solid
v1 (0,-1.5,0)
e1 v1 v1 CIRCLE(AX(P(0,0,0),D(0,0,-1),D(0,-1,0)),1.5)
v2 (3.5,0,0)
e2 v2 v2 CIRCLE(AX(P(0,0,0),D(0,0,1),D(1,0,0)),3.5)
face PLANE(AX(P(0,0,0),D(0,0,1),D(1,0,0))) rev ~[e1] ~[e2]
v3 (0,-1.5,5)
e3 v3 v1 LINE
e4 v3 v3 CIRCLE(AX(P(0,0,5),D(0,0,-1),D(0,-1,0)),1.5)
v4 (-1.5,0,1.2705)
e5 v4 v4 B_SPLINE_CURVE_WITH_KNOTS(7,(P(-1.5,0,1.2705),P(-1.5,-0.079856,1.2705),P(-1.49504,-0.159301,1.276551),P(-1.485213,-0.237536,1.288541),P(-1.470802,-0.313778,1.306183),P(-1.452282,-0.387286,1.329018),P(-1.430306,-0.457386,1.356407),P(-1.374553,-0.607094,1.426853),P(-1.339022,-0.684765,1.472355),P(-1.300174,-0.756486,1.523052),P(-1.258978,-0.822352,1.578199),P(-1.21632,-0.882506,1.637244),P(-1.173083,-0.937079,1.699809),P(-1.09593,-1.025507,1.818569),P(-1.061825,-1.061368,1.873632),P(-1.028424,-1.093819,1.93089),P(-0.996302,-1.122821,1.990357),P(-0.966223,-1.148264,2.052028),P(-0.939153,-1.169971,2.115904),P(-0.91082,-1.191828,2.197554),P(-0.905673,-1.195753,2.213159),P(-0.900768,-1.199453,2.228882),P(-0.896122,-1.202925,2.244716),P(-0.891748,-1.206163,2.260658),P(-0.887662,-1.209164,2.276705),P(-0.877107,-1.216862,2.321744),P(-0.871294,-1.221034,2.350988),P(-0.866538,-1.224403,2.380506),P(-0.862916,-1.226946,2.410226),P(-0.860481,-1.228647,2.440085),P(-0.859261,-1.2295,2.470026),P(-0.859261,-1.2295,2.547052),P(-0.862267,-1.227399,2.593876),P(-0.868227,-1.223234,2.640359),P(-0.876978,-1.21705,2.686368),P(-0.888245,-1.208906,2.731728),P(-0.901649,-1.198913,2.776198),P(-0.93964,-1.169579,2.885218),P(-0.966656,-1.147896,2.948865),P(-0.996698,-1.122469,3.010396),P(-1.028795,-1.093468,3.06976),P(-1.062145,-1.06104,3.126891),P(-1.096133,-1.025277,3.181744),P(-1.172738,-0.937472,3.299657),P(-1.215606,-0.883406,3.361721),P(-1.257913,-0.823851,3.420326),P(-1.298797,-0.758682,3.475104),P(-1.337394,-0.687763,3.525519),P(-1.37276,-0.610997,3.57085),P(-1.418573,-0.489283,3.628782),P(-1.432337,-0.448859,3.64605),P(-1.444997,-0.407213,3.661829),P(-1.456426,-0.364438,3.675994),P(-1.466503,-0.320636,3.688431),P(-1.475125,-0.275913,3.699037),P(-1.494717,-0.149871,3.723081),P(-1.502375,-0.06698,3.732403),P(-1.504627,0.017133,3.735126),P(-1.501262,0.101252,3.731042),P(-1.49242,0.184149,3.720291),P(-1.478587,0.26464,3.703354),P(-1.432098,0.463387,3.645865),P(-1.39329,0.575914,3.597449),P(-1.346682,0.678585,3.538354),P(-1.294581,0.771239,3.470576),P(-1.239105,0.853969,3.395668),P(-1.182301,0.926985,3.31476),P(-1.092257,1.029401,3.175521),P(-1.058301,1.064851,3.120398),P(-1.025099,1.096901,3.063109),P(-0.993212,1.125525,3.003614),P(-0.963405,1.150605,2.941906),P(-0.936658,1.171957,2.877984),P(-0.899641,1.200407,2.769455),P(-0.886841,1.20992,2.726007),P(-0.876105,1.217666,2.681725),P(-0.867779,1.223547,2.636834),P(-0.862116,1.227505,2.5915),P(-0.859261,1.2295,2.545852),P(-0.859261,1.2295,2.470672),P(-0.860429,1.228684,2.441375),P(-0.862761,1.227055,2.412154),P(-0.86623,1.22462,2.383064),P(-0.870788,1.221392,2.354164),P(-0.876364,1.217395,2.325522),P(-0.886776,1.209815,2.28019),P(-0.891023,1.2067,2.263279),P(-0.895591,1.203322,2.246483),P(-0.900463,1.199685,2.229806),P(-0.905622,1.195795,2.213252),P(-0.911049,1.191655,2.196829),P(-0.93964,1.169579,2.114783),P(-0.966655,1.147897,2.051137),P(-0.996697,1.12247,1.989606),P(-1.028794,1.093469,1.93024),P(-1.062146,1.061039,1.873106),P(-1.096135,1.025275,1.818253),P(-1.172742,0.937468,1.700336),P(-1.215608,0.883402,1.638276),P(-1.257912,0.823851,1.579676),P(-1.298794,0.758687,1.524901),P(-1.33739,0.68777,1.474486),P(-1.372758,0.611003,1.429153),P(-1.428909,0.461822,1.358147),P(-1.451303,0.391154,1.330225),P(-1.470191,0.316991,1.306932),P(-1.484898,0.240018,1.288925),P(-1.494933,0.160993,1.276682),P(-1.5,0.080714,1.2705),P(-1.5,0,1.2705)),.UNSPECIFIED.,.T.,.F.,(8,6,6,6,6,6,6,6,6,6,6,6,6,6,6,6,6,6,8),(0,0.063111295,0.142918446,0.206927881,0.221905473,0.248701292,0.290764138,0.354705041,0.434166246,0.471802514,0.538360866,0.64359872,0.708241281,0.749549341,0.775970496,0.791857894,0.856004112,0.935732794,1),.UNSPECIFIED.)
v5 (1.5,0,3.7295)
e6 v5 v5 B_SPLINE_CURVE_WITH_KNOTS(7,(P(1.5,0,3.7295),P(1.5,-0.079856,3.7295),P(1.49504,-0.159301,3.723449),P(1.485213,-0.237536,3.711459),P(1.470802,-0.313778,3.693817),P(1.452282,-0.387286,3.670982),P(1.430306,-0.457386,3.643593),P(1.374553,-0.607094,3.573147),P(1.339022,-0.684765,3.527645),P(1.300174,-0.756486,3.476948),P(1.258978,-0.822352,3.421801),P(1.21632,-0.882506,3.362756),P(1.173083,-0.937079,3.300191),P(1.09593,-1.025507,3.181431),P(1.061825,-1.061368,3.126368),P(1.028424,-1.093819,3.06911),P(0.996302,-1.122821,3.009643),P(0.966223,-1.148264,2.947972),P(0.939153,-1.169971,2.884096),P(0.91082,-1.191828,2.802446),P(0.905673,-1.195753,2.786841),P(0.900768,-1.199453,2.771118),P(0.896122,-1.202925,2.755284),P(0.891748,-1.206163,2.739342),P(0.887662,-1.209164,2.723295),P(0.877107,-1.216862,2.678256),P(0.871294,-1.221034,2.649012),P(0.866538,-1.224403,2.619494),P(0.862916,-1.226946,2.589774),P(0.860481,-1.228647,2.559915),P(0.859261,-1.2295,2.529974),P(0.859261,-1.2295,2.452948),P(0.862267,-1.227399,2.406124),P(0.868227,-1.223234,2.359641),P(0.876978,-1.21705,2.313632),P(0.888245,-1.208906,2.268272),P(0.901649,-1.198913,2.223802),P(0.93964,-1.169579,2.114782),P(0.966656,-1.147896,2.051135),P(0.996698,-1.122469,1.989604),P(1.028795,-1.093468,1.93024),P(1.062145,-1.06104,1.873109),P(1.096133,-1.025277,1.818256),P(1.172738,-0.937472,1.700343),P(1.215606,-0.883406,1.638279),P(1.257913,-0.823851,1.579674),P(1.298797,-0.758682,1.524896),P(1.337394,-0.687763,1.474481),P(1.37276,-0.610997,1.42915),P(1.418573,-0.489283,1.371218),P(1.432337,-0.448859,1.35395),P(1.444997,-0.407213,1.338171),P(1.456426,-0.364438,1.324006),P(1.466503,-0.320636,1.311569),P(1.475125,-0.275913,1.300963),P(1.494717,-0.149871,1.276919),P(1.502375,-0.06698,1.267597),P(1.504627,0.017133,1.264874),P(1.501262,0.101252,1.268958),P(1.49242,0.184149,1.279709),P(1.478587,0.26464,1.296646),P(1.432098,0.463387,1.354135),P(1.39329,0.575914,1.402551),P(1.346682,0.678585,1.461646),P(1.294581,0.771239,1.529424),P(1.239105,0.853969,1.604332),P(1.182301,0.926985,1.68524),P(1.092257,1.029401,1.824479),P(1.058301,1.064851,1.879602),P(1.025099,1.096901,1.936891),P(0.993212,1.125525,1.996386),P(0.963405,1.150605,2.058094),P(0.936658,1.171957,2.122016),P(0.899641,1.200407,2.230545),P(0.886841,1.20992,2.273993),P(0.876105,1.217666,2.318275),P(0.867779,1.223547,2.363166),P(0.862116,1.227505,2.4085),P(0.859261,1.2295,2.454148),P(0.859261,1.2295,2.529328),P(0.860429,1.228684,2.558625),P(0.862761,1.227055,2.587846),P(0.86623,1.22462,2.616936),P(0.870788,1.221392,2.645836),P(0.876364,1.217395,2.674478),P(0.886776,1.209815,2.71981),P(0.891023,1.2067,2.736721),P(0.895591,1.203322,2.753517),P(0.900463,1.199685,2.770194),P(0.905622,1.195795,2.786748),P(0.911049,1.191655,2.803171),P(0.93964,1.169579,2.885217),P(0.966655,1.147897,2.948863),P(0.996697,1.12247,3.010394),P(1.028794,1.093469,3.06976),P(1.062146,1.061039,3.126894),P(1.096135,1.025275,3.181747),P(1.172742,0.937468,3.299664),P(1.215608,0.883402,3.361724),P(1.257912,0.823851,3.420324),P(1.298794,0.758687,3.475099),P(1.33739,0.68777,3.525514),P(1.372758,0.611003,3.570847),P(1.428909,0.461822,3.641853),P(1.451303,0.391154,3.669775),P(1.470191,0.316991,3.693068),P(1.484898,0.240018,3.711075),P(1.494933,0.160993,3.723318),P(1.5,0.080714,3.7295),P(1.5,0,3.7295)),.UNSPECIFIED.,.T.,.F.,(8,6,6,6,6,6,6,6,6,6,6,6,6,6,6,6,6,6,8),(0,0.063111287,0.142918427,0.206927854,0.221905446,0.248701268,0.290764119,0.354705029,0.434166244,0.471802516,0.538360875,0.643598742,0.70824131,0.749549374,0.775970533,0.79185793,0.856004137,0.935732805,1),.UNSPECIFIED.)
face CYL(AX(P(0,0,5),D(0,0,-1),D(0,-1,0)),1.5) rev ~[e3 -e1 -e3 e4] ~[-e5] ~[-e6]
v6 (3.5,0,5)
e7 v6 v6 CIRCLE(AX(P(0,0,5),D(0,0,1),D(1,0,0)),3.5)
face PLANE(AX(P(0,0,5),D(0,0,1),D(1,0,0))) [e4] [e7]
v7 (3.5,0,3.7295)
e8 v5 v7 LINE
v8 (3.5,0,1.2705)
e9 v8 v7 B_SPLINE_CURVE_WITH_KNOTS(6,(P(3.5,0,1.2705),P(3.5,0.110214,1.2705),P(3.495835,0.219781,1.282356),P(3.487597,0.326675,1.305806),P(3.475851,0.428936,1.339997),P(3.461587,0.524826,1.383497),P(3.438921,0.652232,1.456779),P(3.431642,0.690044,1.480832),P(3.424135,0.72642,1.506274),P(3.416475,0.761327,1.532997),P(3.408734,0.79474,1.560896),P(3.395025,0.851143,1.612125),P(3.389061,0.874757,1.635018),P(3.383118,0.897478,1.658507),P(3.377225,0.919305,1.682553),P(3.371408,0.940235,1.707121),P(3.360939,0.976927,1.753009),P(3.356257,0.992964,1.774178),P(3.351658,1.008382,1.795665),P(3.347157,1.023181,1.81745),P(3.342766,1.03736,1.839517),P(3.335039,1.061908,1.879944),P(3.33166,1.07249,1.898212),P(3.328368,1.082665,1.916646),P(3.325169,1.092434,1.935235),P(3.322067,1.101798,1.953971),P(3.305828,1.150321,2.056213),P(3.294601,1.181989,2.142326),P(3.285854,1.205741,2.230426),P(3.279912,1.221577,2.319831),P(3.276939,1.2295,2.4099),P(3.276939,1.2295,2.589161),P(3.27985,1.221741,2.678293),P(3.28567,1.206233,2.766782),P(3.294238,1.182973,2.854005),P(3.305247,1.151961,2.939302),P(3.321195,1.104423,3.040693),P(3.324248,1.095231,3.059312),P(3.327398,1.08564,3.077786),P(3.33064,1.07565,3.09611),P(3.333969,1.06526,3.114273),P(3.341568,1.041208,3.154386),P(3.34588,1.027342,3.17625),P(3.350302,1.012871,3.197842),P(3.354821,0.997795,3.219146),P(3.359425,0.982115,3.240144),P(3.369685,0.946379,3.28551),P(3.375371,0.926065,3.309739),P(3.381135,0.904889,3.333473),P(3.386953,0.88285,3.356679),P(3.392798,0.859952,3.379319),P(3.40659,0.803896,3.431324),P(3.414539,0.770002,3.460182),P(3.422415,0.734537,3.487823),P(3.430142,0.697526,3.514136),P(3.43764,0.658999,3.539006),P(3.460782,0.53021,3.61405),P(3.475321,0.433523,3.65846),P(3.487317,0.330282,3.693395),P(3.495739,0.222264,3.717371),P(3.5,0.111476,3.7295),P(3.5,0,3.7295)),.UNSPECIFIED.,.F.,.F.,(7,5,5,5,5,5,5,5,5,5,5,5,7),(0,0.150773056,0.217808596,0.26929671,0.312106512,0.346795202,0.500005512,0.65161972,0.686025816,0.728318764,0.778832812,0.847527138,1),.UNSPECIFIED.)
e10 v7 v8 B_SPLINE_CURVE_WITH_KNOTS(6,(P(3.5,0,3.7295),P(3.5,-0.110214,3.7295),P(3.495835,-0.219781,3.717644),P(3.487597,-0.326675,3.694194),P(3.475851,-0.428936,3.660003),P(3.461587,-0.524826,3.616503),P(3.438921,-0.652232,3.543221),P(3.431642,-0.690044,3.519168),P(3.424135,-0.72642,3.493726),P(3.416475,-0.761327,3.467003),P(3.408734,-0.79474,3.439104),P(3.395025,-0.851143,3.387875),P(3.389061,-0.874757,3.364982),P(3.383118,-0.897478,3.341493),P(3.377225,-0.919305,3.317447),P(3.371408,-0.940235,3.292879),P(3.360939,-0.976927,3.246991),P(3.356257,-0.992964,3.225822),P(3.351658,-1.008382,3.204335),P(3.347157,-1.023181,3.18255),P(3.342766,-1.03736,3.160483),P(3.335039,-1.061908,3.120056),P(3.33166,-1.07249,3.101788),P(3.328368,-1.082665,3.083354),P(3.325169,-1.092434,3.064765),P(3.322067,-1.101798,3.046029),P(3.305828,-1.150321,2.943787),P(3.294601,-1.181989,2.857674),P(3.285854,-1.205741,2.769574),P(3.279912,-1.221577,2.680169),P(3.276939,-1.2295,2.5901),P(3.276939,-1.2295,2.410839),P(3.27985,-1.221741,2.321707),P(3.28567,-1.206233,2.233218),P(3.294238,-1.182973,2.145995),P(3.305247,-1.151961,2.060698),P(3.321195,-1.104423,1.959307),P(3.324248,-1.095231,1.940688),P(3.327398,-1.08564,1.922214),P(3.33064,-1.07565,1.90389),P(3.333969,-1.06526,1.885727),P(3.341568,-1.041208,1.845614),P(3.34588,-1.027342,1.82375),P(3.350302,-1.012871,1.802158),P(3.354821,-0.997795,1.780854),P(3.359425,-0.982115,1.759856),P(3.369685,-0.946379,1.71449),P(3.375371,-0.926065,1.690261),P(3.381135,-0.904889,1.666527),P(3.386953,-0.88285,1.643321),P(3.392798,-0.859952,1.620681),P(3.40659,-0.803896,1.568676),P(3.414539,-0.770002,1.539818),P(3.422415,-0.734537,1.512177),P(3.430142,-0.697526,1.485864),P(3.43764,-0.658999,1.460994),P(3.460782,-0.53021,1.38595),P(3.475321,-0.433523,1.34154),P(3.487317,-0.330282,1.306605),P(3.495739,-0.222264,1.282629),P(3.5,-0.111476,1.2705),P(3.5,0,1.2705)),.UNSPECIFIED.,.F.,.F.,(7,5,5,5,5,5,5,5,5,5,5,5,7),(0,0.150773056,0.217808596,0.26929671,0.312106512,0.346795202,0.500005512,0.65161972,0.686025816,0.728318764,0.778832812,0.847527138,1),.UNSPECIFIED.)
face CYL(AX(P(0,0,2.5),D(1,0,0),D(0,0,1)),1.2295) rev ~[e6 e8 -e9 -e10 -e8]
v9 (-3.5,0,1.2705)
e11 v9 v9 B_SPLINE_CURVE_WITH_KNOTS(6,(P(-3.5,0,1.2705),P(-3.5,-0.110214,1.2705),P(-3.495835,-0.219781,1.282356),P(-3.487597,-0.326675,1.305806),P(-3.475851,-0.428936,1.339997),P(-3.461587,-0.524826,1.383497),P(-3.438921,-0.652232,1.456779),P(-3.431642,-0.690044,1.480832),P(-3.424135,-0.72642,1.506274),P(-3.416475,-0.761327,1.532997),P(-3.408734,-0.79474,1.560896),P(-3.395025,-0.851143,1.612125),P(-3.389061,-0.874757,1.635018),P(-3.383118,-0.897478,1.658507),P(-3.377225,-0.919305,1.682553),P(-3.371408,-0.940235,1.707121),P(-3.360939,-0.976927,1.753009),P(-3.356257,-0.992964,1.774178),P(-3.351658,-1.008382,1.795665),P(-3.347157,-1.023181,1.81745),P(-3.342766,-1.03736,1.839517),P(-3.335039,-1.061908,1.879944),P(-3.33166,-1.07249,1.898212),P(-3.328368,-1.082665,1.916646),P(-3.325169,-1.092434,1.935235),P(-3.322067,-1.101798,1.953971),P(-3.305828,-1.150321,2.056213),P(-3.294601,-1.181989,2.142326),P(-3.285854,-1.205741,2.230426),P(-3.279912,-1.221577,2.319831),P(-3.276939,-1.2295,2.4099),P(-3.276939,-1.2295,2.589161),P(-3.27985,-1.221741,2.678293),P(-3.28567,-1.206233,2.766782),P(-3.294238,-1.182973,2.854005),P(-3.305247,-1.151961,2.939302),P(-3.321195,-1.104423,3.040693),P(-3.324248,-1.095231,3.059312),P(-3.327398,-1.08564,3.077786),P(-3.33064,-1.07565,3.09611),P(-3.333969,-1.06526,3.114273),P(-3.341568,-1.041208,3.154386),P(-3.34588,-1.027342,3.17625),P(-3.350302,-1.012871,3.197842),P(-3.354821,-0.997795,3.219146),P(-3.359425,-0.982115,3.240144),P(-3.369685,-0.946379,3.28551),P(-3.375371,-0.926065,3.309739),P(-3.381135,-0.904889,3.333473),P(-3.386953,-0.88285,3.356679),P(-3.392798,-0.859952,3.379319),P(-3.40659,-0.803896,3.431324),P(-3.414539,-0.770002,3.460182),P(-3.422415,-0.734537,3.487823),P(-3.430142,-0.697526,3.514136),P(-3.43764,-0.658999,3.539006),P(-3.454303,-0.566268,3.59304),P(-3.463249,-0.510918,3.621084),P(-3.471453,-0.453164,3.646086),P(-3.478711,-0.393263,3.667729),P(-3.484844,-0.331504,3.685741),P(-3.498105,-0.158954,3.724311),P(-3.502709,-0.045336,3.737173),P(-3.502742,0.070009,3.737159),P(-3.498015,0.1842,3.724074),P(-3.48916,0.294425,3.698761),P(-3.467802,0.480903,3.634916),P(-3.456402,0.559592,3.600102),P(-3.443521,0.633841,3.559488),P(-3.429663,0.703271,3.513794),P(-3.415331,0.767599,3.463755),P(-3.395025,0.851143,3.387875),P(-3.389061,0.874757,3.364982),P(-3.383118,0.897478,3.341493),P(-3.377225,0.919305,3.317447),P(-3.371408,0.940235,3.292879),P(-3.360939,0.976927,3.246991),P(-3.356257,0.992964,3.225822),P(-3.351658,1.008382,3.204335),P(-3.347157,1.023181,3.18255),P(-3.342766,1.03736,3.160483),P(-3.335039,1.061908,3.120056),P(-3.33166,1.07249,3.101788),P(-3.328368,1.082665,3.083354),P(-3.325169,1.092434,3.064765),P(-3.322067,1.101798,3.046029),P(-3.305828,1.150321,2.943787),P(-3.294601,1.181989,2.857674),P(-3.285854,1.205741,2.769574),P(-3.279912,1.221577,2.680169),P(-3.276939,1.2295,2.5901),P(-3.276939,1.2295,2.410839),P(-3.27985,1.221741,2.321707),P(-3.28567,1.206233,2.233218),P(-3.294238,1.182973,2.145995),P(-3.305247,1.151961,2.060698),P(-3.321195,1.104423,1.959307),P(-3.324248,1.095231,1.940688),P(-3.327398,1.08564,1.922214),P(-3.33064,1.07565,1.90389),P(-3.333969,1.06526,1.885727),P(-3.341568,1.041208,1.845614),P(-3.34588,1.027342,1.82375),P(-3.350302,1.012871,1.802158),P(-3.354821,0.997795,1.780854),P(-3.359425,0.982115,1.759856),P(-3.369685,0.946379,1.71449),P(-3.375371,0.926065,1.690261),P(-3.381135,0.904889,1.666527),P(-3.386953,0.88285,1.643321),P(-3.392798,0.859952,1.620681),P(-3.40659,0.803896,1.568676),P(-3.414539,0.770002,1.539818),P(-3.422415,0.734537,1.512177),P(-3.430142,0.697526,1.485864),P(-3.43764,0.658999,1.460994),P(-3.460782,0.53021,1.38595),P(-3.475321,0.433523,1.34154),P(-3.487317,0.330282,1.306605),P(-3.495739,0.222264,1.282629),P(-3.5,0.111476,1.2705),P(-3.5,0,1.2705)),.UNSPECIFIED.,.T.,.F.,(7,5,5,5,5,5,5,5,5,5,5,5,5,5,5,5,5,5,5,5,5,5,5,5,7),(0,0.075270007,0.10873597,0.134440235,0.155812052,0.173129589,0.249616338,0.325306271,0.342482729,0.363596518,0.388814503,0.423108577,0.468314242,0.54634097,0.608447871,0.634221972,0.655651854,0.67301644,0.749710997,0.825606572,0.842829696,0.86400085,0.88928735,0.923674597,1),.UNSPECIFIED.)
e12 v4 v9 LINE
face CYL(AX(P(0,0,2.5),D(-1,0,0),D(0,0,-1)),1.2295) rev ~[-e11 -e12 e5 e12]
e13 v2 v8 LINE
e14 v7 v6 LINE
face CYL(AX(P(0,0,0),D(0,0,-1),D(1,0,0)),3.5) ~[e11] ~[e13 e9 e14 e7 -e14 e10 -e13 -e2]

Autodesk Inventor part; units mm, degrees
ref_plane "YZ Plane" through (0, 0, 0) normal (1, 0, 0) x (0, 1, 0)
ref_plane "XZ Plane" through (0, 0, 0) normal (0, 1, 0) x (-1, 0, 0)
ref_plane "XY Plane" through (0, 0, 0) normal (0, 0, 1) x (1, 0, 0)
sketch "スケッチ1" plane through (0, 0, 0) normal (0, 0, 1) x (1, 0, 0)
  circle A0 centre (0, 0) radius 3.5
  dimension "d0" = 7
extrude "押し出し1" add sketch "スケッチ1" along normal blind 5
sketch "スケッチ2" plane through (0, 0, 5) normal (0, 0, 1) x (1, 0, 0)
  point P0 (0, 0)
hole "穴1" at (0, 0, 5) direction (0, 0, -1) diameter 3 end through all
sketch "スケッチ3" plane through (0, 0, 0) normal (1, 0, 0) x (0, 1, 0)
  line L0 (1.5, 0) -> (-1.5, 0) projected
  point P0 (0, 0)
  point P1 (0, 2.5)
  dimension "d10" = 2.5
hole "穴2" at (0, 0, 2.5) direction (-1, 0, 0) diameter 2.459 end through all thread size "M3x0.5" class "6H" standard "ANSI Metric M Profile"
sketch "スケッチ4" plane through (0, 0, 0) normal (1, 0, 0) x (0, 1, 0)
  line L0 (1.5, 0) -> (-1.5, 0) projected
  point P0 (0, 0)
  point P1 (0, 2.5)
  dimension "d18" = 2.5
hole "穴3" at (0, 0, 2.5) direction (1, 0, 0) diameter 2.459 end through all thread size "M3x0.5" class "6H" standard "ANSI Metric M Profile"
sketch "スケッチ5" plane through (0, 0, 0) normal (1, 0, 0) x (0, 1, 0)
  point P0 (0, 0)
properties part number "RD014_ストッパ" material "アルミニウム 6061"
